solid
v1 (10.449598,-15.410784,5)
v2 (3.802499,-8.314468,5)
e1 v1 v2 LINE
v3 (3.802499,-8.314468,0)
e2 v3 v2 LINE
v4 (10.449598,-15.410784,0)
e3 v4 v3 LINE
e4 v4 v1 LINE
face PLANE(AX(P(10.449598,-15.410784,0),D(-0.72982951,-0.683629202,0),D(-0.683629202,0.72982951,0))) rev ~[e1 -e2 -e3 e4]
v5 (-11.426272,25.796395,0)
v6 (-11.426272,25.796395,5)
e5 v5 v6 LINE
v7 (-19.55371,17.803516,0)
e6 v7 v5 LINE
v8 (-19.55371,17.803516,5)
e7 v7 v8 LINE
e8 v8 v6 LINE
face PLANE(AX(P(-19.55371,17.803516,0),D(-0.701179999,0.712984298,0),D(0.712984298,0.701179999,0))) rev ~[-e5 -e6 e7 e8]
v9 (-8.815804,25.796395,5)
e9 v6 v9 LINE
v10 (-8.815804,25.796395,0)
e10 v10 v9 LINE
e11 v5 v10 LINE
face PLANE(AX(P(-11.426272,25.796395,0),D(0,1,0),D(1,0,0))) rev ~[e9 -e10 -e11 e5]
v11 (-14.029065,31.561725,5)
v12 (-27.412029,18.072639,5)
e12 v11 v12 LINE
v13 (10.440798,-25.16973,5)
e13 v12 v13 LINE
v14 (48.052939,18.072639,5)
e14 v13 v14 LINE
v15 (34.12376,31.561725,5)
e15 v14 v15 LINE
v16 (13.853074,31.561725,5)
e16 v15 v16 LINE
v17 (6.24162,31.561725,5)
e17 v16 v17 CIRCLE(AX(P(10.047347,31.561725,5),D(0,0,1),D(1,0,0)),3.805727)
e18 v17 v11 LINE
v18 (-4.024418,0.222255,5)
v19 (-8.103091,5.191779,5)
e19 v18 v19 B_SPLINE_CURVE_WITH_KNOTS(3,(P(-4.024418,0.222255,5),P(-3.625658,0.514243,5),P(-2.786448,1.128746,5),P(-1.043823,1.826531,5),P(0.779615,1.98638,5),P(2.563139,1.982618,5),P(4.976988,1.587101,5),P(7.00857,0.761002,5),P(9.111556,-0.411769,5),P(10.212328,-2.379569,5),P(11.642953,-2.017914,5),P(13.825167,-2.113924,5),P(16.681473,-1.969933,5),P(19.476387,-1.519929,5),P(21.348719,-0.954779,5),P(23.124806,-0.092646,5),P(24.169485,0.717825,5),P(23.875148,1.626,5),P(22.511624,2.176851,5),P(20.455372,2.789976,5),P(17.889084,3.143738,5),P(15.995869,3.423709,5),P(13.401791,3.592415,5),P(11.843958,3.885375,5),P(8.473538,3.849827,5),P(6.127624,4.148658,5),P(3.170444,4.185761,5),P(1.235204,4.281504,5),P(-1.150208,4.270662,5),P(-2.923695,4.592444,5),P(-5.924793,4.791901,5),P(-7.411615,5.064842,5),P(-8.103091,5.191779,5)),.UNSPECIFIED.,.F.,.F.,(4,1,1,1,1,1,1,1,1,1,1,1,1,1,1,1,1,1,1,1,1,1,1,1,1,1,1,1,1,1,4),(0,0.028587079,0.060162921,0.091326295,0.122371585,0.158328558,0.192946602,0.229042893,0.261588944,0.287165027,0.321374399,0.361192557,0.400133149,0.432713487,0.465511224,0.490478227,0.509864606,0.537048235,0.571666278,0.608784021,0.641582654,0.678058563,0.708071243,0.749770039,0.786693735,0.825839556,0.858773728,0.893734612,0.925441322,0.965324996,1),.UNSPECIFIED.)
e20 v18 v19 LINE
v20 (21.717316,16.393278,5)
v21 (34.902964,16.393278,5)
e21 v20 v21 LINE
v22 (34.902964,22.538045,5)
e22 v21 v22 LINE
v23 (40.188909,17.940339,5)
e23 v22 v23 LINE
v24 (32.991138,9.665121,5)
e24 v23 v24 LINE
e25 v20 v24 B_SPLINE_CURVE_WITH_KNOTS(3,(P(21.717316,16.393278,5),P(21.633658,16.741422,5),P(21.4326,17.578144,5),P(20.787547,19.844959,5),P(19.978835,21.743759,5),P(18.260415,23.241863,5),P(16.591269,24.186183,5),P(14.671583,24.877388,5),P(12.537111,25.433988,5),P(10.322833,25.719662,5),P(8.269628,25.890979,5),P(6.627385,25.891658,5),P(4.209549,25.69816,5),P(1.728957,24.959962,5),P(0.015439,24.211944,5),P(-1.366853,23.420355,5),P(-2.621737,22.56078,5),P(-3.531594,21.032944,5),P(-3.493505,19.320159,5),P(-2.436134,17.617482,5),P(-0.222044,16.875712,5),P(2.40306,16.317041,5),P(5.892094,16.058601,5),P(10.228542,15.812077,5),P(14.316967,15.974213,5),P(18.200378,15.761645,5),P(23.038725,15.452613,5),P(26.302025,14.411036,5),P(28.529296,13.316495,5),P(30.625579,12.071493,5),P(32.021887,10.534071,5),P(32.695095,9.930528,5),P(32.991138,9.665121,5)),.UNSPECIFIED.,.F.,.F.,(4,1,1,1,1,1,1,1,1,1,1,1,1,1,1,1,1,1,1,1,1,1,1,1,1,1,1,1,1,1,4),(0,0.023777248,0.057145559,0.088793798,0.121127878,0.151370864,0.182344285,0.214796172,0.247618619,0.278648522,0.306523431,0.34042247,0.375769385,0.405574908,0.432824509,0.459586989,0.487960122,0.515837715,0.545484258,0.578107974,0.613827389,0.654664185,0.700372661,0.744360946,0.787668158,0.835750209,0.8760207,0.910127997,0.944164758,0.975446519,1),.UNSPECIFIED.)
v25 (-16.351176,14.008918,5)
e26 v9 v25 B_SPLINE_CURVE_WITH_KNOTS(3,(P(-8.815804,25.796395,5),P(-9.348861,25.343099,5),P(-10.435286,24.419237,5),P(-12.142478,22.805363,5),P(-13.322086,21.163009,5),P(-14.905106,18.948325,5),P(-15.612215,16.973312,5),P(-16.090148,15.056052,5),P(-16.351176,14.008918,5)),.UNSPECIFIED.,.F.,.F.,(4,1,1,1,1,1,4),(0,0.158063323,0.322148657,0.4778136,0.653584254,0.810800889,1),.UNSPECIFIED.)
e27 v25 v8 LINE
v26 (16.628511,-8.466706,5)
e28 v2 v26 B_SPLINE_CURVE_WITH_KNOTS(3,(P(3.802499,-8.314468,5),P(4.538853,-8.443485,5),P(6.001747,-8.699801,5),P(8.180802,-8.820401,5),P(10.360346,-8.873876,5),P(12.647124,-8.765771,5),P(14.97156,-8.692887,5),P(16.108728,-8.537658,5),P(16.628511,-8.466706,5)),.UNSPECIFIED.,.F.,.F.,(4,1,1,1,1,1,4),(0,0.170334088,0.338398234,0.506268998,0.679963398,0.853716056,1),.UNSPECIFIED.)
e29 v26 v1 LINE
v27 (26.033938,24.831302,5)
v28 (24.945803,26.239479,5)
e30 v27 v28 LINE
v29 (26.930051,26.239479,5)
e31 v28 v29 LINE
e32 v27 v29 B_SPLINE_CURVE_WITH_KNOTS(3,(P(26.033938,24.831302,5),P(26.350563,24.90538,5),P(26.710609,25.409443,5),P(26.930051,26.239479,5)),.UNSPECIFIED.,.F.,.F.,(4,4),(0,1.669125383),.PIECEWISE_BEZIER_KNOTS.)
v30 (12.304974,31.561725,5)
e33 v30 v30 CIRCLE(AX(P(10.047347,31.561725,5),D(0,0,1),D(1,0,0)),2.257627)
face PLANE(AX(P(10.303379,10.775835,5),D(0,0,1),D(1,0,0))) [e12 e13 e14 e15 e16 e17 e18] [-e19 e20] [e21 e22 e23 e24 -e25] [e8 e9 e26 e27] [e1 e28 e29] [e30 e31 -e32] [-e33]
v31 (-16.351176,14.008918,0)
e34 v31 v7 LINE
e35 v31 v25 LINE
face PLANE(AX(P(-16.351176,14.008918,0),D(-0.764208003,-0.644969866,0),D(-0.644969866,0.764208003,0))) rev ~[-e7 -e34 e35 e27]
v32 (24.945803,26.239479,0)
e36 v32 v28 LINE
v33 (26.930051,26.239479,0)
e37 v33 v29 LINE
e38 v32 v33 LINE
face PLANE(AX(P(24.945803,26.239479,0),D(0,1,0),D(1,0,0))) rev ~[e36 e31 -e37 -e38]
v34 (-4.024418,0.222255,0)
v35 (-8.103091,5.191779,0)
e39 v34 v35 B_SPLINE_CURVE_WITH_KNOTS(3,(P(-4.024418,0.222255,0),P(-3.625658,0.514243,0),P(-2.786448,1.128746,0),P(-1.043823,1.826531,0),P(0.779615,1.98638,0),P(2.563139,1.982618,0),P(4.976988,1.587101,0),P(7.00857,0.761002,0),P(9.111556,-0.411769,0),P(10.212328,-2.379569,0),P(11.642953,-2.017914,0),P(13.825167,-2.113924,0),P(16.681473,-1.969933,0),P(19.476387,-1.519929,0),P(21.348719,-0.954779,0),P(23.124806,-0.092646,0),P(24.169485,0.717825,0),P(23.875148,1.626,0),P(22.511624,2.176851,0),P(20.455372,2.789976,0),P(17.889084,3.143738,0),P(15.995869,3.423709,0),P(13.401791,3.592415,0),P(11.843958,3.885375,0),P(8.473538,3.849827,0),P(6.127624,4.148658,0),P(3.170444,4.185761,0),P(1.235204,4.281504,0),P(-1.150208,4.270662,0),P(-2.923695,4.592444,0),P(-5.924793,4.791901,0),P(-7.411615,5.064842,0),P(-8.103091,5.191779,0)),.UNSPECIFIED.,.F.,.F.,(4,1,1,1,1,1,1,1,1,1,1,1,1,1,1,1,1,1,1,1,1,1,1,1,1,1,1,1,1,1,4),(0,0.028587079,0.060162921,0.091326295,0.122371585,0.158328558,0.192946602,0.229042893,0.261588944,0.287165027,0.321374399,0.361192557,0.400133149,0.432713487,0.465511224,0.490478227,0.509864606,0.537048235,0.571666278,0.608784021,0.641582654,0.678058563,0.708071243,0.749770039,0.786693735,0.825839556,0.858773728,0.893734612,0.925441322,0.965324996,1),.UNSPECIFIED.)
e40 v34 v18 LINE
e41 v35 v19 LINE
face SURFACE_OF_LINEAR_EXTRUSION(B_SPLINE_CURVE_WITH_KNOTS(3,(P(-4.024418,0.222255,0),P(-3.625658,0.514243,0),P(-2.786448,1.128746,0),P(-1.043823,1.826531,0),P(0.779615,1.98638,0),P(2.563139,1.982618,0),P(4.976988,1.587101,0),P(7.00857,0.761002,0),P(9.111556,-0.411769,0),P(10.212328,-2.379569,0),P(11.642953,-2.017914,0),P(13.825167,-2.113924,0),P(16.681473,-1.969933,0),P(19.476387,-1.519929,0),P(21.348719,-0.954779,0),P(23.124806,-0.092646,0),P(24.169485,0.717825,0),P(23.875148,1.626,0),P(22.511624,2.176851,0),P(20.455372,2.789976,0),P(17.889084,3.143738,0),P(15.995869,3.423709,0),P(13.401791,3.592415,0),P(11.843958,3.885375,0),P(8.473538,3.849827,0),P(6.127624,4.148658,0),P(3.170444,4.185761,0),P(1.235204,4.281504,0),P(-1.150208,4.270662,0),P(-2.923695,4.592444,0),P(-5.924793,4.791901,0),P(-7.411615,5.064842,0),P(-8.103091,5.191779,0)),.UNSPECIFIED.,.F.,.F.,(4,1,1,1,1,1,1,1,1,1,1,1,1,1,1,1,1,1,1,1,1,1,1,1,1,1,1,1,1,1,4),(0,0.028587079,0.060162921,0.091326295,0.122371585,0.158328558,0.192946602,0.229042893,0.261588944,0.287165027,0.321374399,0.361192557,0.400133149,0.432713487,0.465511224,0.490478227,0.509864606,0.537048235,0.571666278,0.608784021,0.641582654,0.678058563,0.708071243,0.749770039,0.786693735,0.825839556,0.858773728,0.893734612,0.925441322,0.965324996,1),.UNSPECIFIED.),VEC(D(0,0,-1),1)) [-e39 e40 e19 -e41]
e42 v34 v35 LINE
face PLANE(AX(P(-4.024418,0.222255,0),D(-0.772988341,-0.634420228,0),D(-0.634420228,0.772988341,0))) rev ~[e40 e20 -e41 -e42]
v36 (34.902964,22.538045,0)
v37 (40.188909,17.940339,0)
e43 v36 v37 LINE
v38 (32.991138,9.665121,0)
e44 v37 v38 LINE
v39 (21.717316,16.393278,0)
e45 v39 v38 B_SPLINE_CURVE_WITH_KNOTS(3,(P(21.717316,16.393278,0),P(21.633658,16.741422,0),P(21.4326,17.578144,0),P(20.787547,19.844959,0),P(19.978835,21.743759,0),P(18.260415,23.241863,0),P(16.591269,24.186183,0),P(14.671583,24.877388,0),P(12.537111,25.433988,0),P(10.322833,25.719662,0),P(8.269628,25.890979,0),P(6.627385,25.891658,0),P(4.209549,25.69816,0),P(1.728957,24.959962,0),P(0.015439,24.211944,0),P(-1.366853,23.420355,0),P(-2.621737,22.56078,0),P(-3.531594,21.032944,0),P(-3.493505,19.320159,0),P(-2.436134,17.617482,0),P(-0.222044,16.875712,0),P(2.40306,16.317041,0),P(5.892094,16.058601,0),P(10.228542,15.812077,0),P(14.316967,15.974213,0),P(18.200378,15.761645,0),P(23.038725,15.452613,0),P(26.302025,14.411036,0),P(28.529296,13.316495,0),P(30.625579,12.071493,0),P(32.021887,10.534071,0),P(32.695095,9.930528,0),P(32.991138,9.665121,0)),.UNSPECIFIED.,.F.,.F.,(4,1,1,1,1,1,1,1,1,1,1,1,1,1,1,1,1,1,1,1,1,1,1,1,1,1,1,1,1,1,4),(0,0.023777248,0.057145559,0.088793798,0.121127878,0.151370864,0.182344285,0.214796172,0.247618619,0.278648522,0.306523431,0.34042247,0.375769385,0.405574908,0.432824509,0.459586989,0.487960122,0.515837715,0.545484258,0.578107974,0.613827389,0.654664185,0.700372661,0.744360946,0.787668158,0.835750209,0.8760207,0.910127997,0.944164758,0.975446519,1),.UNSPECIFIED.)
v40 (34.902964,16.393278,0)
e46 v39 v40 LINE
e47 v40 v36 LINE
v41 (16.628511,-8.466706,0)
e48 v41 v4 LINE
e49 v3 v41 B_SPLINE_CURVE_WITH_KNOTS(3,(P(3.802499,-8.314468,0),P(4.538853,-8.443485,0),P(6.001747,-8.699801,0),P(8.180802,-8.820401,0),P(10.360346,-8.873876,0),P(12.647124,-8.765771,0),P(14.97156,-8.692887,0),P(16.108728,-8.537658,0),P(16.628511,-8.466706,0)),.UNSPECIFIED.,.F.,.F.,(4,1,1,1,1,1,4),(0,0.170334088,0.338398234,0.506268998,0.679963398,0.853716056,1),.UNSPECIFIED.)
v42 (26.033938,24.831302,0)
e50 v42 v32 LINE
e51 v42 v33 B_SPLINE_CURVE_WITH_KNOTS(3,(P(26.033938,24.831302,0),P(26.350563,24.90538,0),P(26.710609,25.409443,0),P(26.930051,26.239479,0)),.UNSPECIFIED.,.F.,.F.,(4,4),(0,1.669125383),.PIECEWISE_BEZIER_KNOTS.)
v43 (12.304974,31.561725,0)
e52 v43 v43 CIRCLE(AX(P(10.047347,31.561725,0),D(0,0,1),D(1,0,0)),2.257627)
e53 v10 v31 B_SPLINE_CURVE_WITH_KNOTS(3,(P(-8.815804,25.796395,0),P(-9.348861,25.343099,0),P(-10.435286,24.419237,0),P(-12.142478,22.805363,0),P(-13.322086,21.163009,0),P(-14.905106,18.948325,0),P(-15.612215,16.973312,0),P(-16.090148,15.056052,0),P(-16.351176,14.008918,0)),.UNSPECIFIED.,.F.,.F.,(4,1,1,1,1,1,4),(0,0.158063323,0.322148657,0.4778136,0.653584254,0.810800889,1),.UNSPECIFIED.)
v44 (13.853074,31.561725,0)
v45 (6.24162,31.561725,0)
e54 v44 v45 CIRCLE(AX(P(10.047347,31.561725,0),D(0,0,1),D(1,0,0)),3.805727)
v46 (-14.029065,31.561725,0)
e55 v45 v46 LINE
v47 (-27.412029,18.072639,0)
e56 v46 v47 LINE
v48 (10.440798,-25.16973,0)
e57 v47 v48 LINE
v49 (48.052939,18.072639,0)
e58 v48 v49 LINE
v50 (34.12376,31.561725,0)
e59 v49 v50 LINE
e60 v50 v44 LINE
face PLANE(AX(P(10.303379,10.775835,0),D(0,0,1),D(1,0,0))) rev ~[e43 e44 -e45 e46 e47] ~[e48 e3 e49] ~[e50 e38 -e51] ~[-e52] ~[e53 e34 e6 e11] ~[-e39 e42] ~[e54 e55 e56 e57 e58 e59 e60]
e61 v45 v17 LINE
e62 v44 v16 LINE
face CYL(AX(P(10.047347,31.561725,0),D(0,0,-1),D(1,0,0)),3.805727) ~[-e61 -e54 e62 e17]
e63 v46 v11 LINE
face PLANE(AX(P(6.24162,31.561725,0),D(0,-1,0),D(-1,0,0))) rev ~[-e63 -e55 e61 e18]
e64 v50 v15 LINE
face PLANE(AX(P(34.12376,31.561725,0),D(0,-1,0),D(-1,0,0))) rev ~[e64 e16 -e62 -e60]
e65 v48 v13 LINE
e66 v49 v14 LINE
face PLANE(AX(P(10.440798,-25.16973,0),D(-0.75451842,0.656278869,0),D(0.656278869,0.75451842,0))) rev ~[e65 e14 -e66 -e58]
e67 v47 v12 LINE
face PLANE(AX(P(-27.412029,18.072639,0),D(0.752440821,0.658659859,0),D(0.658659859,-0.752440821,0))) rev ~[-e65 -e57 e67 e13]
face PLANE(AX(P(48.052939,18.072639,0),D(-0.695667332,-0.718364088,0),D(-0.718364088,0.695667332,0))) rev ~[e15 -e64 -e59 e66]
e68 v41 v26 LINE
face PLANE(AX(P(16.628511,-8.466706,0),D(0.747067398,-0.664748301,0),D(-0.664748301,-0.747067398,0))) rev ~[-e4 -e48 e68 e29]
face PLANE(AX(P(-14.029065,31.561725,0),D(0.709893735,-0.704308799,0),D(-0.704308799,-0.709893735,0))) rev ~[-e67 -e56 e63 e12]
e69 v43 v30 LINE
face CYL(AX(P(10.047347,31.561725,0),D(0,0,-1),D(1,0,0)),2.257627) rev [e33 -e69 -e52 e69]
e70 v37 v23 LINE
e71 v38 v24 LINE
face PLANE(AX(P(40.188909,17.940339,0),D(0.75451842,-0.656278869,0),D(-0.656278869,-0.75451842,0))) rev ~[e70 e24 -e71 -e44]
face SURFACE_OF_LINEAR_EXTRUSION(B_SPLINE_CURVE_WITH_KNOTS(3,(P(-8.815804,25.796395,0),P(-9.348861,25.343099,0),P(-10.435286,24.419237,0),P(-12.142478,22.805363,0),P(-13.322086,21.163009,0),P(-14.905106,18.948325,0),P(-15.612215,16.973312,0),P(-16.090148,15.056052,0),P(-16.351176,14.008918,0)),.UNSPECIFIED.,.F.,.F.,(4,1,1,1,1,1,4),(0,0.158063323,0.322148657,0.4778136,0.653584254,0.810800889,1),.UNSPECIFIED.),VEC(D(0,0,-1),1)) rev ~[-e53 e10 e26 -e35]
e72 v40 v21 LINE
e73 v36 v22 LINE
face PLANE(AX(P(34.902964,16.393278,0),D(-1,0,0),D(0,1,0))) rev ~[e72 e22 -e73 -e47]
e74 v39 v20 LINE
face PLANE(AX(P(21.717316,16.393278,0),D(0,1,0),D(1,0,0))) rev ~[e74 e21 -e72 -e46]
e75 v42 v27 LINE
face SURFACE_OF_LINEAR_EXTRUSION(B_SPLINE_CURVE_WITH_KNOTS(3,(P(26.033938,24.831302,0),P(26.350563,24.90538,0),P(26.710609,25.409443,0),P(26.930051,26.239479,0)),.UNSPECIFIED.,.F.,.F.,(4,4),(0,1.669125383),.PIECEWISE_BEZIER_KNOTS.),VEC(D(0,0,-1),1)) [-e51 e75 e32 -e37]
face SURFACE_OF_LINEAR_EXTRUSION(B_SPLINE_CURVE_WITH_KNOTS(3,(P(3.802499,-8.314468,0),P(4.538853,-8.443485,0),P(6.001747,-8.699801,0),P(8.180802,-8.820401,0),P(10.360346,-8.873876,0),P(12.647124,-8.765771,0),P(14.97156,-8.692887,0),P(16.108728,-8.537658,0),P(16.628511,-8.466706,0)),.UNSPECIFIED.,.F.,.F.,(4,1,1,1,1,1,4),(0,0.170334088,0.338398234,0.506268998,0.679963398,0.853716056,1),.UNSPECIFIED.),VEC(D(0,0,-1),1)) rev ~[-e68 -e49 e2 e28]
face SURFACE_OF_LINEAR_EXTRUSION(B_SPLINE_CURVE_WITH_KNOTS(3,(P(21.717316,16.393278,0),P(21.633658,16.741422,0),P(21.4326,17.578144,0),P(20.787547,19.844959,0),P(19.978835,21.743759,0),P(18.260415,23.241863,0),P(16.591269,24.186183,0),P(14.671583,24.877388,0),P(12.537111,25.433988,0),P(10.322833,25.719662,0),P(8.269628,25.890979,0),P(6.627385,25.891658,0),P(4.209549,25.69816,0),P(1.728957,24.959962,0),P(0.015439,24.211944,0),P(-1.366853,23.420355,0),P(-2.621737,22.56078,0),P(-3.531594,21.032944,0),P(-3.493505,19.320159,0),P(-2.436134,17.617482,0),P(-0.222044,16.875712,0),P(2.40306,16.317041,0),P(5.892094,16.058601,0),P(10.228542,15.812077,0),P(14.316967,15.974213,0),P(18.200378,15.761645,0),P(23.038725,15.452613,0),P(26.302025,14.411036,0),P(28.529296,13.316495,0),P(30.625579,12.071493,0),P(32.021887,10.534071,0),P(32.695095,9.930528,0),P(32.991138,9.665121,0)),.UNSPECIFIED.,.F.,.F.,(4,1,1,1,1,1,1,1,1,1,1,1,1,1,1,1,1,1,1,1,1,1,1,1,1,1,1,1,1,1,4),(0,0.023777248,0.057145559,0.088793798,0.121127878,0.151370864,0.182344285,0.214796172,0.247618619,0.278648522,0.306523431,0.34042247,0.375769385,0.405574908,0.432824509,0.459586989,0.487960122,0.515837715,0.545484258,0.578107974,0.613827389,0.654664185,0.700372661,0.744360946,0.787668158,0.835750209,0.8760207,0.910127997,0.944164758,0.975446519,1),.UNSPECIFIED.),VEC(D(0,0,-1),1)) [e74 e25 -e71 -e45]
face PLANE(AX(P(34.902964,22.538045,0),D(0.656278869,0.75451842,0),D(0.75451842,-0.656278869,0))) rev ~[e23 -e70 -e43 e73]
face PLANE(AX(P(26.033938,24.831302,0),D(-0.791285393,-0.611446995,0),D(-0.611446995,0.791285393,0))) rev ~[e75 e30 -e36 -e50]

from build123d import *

# Parameters (mm, degrees)
F0_R     = 2.2576267775
F1_DEPTH = 5


with BuildPart() as f1:
    # F0 (on Top) → F1 (new body)
    with BuildSketch(Plane.XY):
        with BuildLine():
            Line((6.2416201977, 31.5617248416), (-14.0290652746, 31.5617248416))
            Line((-14.0290652746, 31.5617248416), (-27.4120289832, 18.0726386607))
            Line((-27.4120289832, 18.0726386607), (10.4407984763, -25.1697301865))
            Line((10.4407984763, -25.1697301865), (48.0529391432, 18.0726386607))
            Line((48.0529391432, 18.0726386607), (34.1237597167, 31.5617248416))
            Line((34.1237597167, 31.5617248416), (13.8530742445, 31.5617248416))
            ThreePointArc((13.8530742445, 31.5617248416), (10.0473472211, 35.367451865), (6.2416201977, 31.5617248416))
        make_face()
        with BuildLine():
            Line((10.4495981851, -15.4107843611), (3.8024990354, -8.3144679666))
            add(Edge.make_bspline(
                [(3.8024990354, -8.3144679666), (4.5388525479, -8.4434853788), (6.0017466244, -8.6998008645), (8.1808015913, -8.8204010529), (10.3603455405, -8.8738762452), (12.6471237286, -8.7657708903), (14.9715595522, -8.6928871388), (16.1087283844, -8.5376584101), (16.62851125, -8.4667056799)],
                knots=[0, 0, 0, 0, 0.1703340878, 0.3383982337, 0.5062689985, 0.6799633985, 0.8537160559, 1, 1, 1, 1], degree=3))
            Line((16.62851125, -8.4667056799), (10.4495981851, -15.4107843611))
        make_face(mode=Mode.SUBTRACT)
        with BuildLine():
            Line((-4.0244182257, 0.2222545096), (-8.1030912697, 5.1917787641))
            add(Edge.make_bspline(
                [(-4.0244182257, 0.2222545096), (-3.625658189, 0.5142425509), (-2.786447975, 1.1287458211), (-1.0438231936, 1.8265306525), (0.7796151068, 1.9863799527), (2.5631386429, 1.9826181285), (4.9769877547, 1.5871011918), (7.0085701539, 0.761001999), (9.1115561882, -0.4117692093), (10.2123278392, -2.3795693923), (11.6429532771, -2.0179142677), (13.8251670703, -2.1139244116), (16.6814734453, -1.9699325305), (19.4763866153, -1.5199292102), (21.3487185777, -0.9547792768), (23.1248059754, -0.0926462771), (24.1694847672, 0.7178249148), (23.8751481027, 1.6259996326), (22.5116239347, 2.1768508565), (20.4553720533, 2.7899755773), (17.8890842369, 3.1437375086), (15.9958690356, 3.4237094736), (13.4017905981, 3.5924153589), (11.8439583619, 3.8853753382), (8.4735381437, 3.8498269187), (6.127624439, 4.1486578732), (3.1704436033, 4.1857612974), (1.2352043919, 4.2815037412), (-1.1502078474, 4.2706620326), (-2.9236947786, 4.5924437407), (-5.9247929393, 4.7919012508), (-7.4116149528, 5.0648421429), (-8.1030912697, 5.1917787641)],
                knots=[0, 0, 0, 0, 0.0285870786, 0.0601629205, 0.0913262945, 0.1223715851, 0.1583285576, 0.1929466016, 0.2290428932, 0.2615889441, 0.2871650266, 0.3213743991, 0.3611925572, 0.4001331492, 0.4327134867, 0.465511224, 0.4904782274, 0.5098646056, 0.5370482348, 0.5716662781, 0.6087840215, 0.6415826541, 0.6780585629, 0.7080712428, 0.7497700391, 0.7866937351, 0.8258395561, 0.8587737281, 0.8937346116, 0.9254413223, 0.9653249956, 1, 1, 1, 1], degree=3))
        make_face(mode=Mode.SUBTRACT)
        with BuildLine():
            Line((-16.3511764258, 14.0089178458), (-19.5537097752, 17.8035162389))
            Line((-19.5537097752, 17.8035162389), (-11.4262718707, 25.7963947952))
            Line((-11.4262718707, 25.7963947952), (-8.8158035651, 25.7963947952))
            add(Edge.make_bspline(
                [(-8.8158035651, 25.7963947952), (-9.3488613218, 25.3430988782), (-10.4352856578, 24.4192370464), (-12.1424780218, 22.8053627528), (-13.3220857636, 21.1630094294), (-14.905105684, 18.9483248498), (-15.6122148319, 16.9733115582), (-16.0901476759, 15.056052083), (-16.3511764258, 14.0089178458)],
                knots=[0, 0, 0, 0, 0.1580633229, 0.3221486573, 0.4778136005, 0.653584254, 0.8108008891, 1, 1, 1, 1], degree=3))
        make_face(mode=Mode.SUBTRACT)
        with Locations((10.0473472211, 31.5617248416)):
            Circle(F0_R, mode=Mode.SUBTRACT)
        with BuildLine():
            Line((34.9029637873, 16.3932777941), (34.9029637873, 22.5380454212))
            Line((34.9029637873, 22.5380454212), (40.1889090877, 17.9403389704))
            Line((40.1889090877, 17.9403389704), (32.9911380048, 9.6651207423))
            add(Edge.make_bspline(
                [(21.7173155397, 16.3932777941), (21.633658482, 16.7414224911), (21.4325995016, 17.5781435005), (20.7875471199, 19.844958704), (19.9788354707, 21.7437591395), (18.260415103, 23.2418628334), (16.5912685479, 24.1861831122), (14.6715829124, 24.8773880597), (12.5371112605, 25.4339884136), (10.3228330993, 25.7196616801), (8.2696282036, 25.8909786244), (6.6273850691, 25.8916584449), (4.2095493548, 25.6981604375), (1.7289573601, 24.9599615814), (0.0154394962, 24.2119437998), (-1.3668529894, 23.4203554787), (-2.6217371087, 22.5607800789), (-3.5315941175, 21.032944398), (-3.493504558, 19.3201589904), (-2.4361340124, 17.6174817053), (-0.2220439193, 16.8757122661), (2.4030601087, 16.3170412667), (5.8920938844, 16.0586014998), (10.2285420637, 15.8120766263), (14.3169673141, 15.9742130999), (18.2003782442, 15.7616454718), (23.0387254828, 15.4526126587), (26.3020251149, 14.4110358307), (28.5292958006, 13.3164945696), (30.6255789149, 12.0714926154), (32.0218870492, 10.534071043), (32.6950954228, 9.9305280542), (32.9911380048, 9.6651207423)],
                knots=[0, 0, 0, 0, 0.0237772484, 0.0571455589, 0.0887937984, 0.1211278777, 0.1513708642, 0.1823442854, 0.2147961721, 0.2476186194, 0.2786485216, 0.3065234311, 0.3404224699, 0.3757693845, 0.4055749079, 0.432824509, 0.4595869888, 0.4879601221, 0.5158377145, 0.5454842581, 0.5781079745, 0.6138273891, 0.6546641851, 0.7003726608, 0.7443609462, 0.7876681578, 0.8357502087, 0.8760206998, 0.9101279972, 0.9441647578, 0.9754465186, 1, 1, 1, 1], degree=3))
            Line((21.7173155397, 16.3932777941), (34.9029637873, 16.3932777941))
        make_face(mode=Mode.SUBTRACT)
        with BuildLine():
            Line((26.0339379311, 24.831302464), (24.9458029866, 26.2394789606))
            Line((24.9458029866, 26.2394789606), (26.9300509244, 26.2394789606))
            add(Edge.make_bspline(
                [(26.0339379311, 24.831302464), (26.350563392, 24.9053798616), (26.7106089741, 25.4094433039), (26.9300509244, 26.2394789606)],
                knots=[0, 0, 0, 0, 1.6691253825, 1.6691253825, 1.6691253825, 1.6691253825], degree=3))
        make_face(mode=Mode.SUBTRACT)
    extrude(amount=F1_DEPTH)


solid = f1.part
